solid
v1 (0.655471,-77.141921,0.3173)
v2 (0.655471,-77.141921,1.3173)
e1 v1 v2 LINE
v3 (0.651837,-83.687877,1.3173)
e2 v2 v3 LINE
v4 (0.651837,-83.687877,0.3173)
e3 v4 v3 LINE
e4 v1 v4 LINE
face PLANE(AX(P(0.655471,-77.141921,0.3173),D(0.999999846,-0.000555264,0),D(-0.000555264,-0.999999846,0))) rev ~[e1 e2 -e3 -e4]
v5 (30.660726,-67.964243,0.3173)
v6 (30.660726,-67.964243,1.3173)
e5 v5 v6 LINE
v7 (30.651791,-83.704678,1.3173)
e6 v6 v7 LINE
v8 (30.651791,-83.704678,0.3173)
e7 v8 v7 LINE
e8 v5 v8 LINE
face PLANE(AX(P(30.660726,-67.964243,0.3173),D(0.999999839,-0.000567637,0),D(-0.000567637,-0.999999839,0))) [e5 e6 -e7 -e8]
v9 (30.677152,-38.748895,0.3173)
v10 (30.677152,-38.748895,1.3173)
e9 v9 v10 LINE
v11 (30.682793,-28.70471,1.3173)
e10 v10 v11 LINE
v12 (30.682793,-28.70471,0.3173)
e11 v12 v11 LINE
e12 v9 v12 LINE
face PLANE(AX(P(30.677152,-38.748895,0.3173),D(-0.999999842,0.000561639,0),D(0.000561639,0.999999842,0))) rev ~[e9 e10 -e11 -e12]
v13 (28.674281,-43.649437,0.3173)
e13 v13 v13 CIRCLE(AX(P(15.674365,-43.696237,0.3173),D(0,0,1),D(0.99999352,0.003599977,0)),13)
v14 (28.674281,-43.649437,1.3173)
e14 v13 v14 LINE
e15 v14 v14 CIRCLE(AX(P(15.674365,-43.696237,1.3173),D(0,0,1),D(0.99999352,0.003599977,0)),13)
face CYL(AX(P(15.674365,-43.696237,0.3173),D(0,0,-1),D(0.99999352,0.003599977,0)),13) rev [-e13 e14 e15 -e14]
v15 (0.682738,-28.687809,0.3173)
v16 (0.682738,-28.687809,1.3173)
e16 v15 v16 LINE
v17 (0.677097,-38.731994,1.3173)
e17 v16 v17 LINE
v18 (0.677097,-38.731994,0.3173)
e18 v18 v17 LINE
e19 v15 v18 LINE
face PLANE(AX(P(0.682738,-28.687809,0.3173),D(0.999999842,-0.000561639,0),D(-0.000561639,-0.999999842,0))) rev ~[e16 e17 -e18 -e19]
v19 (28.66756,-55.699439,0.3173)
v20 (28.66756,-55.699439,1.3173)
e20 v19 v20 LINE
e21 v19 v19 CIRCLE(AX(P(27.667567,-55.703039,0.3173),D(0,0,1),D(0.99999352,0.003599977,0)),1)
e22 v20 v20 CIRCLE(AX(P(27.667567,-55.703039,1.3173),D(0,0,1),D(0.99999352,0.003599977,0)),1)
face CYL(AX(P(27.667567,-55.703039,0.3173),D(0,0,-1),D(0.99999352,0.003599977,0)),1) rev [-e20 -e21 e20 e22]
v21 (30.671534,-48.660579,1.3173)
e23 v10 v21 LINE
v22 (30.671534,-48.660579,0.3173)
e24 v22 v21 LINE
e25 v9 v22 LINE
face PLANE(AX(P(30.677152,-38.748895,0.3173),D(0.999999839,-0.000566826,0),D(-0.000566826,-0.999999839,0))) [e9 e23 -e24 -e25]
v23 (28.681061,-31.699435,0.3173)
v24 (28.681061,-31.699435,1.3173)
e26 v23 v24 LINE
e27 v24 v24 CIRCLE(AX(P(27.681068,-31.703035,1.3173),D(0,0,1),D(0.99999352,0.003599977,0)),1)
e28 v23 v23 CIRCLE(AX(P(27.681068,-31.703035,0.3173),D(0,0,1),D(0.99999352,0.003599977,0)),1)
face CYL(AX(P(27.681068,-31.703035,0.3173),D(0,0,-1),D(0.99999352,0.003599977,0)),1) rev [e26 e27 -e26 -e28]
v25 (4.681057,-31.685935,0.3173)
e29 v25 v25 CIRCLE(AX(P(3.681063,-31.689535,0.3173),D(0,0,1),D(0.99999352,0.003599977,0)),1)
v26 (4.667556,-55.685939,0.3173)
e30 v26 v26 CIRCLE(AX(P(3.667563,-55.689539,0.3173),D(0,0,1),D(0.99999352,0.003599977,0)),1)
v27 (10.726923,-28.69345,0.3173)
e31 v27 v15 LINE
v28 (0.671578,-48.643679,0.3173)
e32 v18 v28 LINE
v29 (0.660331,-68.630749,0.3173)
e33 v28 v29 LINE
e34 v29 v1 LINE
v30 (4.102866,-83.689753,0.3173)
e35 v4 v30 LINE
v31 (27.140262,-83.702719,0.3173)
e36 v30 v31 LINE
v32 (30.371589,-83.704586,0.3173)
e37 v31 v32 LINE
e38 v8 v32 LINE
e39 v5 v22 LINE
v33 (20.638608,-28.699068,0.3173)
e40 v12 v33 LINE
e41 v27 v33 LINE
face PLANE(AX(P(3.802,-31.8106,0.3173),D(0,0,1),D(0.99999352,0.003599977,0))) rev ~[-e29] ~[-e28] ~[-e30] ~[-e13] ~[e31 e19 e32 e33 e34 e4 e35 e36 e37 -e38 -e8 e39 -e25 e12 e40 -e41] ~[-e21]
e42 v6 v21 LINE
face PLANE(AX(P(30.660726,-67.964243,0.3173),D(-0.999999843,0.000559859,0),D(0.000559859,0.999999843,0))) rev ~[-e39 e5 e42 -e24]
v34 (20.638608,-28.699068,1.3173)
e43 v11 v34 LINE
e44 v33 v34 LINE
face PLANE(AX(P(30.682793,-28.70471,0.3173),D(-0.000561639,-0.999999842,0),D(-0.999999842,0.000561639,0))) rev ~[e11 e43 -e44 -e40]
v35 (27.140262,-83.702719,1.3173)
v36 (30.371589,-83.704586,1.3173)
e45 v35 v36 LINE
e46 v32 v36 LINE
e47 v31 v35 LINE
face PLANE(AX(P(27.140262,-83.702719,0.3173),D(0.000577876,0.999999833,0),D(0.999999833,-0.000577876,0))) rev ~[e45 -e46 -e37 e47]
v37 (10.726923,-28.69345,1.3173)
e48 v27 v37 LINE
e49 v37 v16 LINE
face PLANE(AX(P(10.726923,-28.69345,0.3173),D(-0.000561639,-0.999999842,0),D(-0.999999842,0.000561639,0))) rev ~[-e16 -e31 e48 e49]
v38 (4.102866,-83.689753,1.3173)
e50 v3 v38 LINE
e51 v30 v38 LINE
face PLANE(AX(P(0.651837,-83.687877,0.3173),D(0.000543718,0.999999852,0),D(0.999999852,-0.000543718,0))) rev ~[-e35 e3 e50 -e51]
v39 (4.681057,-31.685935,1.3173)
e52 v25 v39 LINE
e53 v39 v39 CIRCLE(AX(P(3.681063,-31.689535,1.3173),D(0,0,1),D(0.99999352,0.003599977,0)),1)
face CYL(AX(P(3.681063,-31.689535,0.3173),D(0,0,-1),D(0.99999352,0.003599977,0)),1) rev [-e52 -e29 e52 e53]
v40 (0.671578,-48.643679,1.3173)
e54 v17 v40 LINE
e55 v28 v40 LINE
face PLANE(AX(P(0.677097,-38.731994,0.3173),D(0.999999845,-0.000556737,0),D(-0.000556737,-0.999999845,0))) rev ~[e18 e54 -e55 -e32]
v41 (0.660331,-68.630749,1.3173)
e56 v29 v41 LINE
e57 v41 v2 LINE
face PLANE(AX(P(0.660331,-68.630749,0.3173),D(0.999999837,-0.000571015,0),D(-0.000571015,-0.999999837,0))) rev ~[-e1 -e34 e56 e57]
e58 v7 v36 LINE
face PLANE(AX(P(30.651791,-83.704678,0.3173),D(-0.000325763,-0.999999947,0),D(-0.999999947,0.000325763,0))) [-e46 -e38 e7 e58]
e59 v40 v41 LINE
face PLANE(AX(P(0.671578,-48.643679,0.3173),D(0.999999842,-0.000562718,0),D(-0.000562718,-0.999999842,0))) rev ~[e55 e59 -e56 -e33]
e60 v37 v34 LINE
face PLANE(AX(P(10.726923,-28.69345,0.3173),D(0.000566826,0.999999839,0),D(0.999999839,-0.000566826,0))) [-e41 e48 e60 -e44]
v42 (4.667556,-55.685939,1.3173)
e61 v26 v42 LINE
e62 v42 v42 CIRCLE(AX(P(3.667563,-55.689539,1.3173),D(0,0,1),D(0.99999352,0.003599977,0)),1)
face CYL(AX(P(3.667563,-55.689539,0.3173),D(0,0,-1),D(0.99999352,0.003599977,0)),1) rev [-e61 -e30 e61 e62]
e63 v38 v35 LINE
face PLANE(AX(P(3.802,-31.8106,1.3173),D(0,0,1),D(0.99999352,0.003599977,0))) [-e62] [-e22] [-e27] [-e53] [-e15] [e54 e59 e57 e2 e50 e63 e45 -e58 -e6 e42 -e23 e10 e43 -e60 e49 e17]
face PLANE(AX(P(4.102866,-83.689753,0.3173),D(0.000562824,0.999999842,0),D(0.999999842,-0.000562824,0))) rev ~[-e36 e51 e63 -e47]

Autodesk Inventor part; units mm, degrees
ref_plane "YZ Plane" through (0, 0, 0) normal (1, 0, 0) x (0, 1, 0)
ref_plane "XZ Plane" through (0, 0, 0) normal (0, 1, 0) x (-1, 0, 0)
ref_plane "XY Plane" through (0, 0, 0) normal (0, 0, 1) x (1, 0, 0)
ref_plane "Work Plane1" through (3.802, -31.8106, 0.3173) normal (0, 0, 1) x (1, 0.0036, 0)
sketch "Sketch4" plane through (3.802, -31.8106, 0.3173) normal (0, 0, 1) x (1, 0.0036, 0)
  circle A0 centre (23.8793, 0.0216) radius 1
  line L0 (26.85, -7.035) -> (26.8918, 3.0091)
  line L1 (26.8918, 3.0091) -> (16.8477, 3.0509)
  arc A1 (26.85, -7.035) -> (16.8477, 3.0509) centre (11.8295, -11.9283) ccw
  arc A2 (26.7284, -36.2501) -> (17.302, -26.7477) centre (11.8525, -41.5803) ccw
  circle A3 centre (23.7794, -23.9782) radius 1
  arc A4 (17.302, -26.7477) -> (26.8087, -16.9466) centre (11.8295, -11.9283) ccw
  arc A5 (26.7284, -36.2501) -> (17.302, -26.7477) centre (11.8525, -41.5803) ccw
  line L2 (26.7284, -36.2501) -> (26.8087, -16.9466)
  line L3 (23.1513, -51.9758) -> (26.3826, -51.9893)
  line L4 (26.3826, -51.9893) -> (26.4055, -46.4731)
  arc A6 (23.1513, -51.9758) -> (26.4055, -46.4731) centre (11.8525, -41.5803) ccw
  line L5 (-3.3369, -51.8656) -> (0.1141, -51.8799)
  arc A7 (-3.3097, -45.3197) -> (0.1141, -51.8799) centre (11.8525, -41.5803) ccw
  line L6 (-3.3097, -45.3197) -> (-3.3369, -51.8656)
  circle A8 centre (-0.2204, -23.8783) radius 1
  arc A9 (6.2945, -26.7245) -> (-3.2742, -36.8086) centre (11.8525, -41.5803) ccw
  arc A10 (-3.191, -16.8217) -> (6.2945, -26.7245) centre (11.8295, -11.9283) ccw
  line L7 (-3.191, -16.8217) -> (-3.2742, -36.8086)
  circle A11 centre (-0.1205, 0.1215) radius 1
  arc A12 (6.9361, 3.0922) -> (-3.1498, -6.9101) centre (11.8295, -11.9283) ccw
  line L8 (6.9361, 3.0922) -> (-3.108, 3.134)
  line L9 (-3.108, 3.134) -> (-3.1498, -6.9101)
  line L10 (26.85, -7.035) -> (26.8087, -16.9466)
  line L11 (-3.1498, -6.9101) -> (-3.191, -16.8217)
  line L12 (6.9361, 3.0922) -> (16.8477, 3.0509)
  line L13 (-3.2742, -36.8086) -> (-3.3097, -45.3197)
  line L14 (0.1141, -51.8799) -> (23.1513, -51.9758)
  line L15 (26.7284, -36.2501) -> (26.6628, -51.9904)
  line L16 (26.6628, -51.9904) -> (26.3826, -51.9893)
  circle A13 centre (11.8295, -11.9283) radius 13
  point P0 (-3.6879, 31.824)
extrude "Extrusion3" add sketch "Sketch4" along normal blind 1
properties part number "200_Gearbox"
